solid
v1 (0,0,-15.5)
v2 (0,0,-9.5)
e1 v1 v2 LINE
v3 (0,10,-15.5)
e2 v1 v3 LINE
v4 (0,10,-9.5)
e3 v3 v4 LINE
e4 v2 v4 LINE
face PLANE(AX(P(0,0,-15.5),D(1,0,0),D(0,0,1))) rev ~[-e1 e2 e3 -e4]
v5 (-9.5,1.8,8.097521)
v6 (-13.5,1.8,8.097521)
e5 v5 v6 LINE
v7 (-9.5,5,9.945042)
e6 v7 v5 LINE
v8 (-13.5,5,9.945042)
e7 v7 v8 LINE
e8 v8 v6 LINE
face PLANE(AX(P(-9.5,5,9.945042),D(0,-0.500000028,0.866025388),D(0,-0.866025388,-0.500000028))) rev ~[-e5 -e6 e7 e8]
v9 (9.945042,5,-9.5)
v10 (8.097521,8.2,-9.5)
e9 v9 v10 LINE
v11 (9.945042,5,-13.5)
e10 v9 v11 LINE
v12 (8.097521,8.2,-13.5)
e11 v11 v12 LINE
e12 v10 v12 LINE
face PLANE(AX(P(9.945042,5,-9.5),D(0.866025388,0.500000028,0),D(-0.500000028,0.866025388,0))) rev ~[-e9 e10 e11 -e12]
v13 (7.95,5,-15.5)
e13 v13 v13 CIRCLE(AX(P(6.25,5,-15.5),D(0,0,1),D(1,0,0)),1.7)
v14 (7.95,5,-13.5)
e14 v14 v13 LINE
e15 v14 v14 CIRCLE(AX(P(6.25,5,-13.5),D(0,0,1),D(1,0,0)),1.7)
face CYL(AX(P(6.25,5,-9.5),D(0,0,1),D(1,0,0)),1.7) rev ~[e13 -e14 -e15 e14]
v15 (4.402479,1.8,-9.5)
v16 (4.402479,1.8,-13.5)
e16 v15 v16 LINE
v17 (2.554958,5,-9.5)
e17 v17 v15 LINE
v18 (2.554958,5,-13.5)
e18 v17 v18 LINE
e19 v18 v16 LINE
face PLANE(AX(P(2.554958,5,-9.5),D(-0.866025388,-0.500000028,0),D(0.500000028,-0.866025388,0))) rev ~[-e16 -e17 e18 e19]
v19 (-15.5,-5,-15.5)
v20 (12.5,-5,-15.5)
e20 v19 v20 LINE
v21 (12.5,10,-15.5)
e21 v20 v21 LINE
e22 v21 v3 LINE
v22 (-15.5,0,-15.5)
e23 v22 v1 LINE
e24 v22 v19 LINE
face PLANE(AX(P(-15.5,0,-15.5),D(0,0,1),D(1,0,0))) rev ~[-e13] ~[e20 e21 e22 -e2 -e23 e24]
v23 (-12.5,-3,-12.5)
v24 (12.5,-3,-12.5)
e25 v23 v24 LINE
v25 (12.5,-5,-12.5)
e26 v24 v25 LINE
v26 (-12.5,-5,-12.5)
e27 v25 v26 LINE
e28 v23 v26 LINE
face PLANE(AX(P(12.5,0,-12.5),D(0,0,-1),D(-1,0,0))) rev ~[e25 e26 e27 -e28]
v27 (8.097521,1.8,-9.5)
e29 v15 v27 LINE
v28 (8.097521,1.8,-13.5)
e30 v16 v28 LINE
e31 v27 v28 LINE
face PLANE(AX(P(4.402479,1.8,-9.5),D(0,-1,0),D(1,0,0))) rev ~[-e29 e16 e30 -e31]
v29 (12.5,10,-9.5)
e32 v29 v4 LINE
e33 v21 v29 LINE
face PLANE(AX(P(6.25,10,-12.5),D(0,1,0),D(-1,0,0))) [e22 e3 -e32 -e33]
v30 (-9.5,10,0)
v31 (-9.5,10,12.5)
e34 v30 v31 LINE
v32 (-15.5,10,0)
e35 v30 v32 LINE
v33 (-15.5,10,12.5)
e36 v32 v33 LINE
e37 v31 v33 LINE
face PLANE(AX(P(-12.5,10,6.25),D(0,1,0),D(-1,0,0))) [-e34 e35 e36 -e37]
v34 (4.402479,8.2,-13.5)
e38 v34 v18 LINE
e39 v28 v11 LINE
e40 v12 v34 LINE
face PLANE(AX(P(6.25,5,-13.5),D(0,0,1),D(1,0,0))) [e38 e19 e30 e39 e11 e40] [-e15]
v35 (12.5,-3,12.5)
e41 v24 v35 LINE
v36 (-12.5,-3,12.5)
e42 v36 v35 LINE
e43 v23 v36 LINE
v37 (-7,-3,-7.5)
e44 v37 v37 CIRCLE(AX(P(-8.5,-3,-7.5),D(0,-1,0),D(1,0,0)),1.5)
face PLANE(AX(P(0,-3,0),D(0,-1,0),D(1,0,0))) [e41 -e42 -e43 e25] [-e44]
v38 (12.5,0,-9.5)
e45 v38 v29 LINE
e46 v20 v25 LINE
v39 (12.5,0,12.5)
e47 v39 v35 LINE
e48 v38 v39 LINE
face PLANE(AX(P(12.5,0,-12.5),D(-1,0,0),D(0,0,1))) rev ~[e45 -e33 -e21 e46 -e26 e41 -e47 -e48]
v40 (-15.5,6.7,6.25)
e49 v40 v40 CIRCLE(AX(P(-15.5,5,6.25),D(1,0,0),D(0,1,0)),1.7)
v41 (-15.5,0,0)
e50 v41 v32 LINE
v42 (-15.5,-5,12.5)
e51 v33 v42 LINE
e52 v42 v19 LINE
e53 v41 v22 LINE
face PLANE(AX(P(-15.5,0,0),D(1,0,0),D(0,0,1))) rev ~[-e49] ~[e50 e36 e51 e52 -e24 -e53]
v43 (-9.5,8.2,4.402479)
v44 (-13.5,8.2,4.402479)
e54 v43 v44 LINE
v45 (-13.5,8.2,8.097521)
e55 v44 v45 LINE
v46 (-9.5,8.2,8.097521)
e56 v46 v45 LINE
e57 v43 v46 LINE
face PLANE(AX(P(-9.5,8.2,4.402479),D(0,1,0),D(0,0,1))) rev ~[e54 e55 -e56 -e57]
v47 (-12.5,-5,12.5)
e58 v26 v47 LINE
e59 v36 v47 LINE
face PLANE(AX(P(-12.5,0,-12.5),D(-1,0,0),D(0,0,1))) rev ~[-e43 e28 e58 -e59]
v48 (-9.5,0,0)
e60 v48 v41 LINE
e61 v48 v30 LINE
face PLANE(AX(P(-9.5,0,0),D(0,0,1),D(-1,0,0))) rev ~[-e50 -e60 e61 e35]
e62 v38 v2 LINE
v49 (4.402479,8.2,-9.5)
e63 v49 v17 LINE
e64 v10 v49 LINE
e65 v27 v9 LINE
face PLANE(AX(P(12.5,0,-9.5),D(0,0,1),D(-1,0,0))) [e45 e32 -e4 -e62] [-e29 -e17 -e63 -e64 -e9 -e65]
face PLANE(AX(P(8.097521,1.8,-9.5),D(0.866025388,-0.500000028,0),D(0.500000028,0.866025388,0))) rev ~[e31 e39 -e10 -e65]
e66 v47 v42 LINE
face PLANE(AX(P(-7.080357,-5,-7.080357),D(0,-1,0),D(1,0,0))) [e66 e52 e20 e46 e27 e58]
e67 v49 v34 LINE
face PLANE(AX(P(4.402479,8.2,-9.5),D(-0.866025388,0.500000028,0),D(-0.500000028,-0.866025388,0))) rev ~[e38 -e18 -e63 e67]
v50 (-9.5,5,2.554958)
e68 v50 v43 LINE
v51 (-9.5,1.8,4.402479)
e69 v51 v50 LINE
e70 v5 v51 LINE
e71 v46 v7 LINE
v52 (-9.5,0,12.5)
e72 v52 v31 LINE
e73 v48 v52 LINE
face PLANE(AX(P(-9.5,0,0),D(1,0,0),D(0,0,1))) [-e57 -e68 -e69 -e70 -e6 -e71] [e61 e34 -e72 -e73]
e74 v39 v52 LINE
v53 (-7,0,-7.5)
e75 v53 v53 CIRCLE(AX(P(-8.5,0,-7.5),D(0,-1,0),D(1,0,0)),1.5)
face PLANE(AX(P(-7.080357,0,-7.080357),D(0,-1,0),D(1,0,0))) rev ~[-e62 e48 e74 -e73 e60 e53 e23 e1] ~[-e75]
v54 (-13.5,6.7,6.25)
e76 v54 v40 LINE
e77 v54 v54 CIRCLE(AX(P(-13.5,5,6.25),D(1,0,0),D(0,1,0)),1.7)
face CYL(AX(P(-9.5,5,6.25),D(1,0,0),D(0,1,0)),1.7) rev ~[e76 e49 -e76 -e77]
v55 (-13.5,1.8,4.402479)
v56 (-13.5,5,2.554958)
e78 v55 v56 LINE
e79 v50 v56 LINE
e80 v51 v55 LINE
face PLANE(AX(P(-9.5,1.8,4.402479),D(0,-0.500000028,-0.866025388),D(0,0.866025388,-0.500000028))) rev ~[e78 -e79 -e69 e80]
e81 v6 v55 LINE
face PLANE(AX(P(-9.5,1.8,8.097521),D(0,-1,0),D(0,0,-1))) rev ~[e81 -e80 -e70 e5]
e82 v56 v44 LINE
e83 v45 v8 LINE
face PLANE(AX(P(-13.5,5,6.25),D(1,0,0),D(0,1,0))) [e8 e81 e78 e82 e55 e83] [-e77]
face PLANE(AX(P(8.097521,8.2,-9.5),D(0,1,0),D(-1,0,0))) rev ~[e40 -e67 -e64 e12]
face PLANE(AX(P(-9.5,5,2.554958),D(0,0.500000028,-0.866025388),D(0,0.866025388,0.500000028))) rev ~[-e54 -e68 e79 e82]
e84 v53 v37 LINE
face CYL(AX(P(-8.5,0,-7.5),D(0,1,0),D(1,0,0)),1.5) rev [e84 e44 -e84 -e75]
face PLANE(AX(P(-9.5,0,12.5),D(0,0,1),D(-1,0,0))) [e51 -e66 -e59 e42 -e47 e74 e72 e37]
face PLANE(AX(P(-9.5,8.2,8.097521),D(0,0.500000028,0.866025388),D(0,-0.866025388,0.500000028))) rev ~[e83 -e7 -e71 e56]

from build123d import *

# Parameters (mm, degrees)
F0_W      = 25
F0_H      = 25
F0_R      = 1.5
F1_DEPTH  = 3
F3_DEPTH  = 5
F4_W      = 6
F4_H      = 12.5
F4_W_2    = 12.5
F4_H_2    = 6
F5_DEPTH  = 10
F7_DEPTH  = 4
F8_R      = 1.7
F9_DEPTH  = 25
F11_DEPTH = 4
F12_R     = 1.7
F13_DEPTH = 25


with BuildPart() as f1:
    # F0 (on Front) → F1 (new body)
    with BuildSketch(Plane.XZ):
        Rectangle(F0_W, F0_H)
        with Locations((-8.5, -7.5)):
            Circle(F0_R, mode=Mode.SUBTRACT)
    extrude(amount=F1_DEPTH)

    # F2 (on Front) → F3 (join)
    with BuildSketch(Plane.XZ):
        Polygon((-12.5, -12.5), (-12.5, 12.5), (-15.5, 12.5), (-15.5, -15.5), (12.5, -15.5), (12.5, -12.5), align=None)
    extrude(amount=F3_DEPTH)

    # F4 (on face) → F5 (join)
    with BuildSketch(Plane(origin=(0, 0, 0), x_dir=(-1, 0, 0), z_dir=(0, 1, 0))):
        with Locations((12.5, 6.25)):
            Rectangle(F4_W, F4_H)
        with Locations((-6.25, -12.5)):
            Rectangle(F4_W_2, F4_H_2)
    extrude(amount=F5_DEPTH)

    # F6 (on face) → F7 (cut)
    with BuildSketch(Plane.XY.offset(-9.5)):
        Polygon((8.097521, 1.8), (9.945042, 5), (8.097521, 8.2), (4.402479, 8.2), (2.554958, 5), (4.402479, 1.8), align=None)
    extrude(amount=-F7_DEPTH, mode=Mode.SUBTRACT)

    # F8 (on face) → F9 (cut)
    with BuildSketch(Plane.XY.offset(-9.5)):
        with Locations((6.25, 5)):
            Circle(F8_R)
    extrude(amount=-F9_DEPTH, mode=Mode.SUBTRACT)

    # F10 (on face) → F11 (cut)
    with BuildSketch(Plane.YZ.offset(-9.5)):
        Polygon((8.2, 4.402479), (8.2, 8.097521), (5, 9.945042), (1.8, 8.097521), (1.8, 4.402479), (5, 2.554958), align=None)
    extrude(amount=-F11_DEPTH, mode=Mode.SUBTRACT)

    # F12 (on face) → F13 (cut)
    with BuildSketch(Plane.YZ.offset(-9.5)):
        with Locations((5, 6.25)):
            Circle(F12_R)
    extrude(amount=-F13_DEPTH, mode=Mode.SUBTRACT)


solid = f1.part
